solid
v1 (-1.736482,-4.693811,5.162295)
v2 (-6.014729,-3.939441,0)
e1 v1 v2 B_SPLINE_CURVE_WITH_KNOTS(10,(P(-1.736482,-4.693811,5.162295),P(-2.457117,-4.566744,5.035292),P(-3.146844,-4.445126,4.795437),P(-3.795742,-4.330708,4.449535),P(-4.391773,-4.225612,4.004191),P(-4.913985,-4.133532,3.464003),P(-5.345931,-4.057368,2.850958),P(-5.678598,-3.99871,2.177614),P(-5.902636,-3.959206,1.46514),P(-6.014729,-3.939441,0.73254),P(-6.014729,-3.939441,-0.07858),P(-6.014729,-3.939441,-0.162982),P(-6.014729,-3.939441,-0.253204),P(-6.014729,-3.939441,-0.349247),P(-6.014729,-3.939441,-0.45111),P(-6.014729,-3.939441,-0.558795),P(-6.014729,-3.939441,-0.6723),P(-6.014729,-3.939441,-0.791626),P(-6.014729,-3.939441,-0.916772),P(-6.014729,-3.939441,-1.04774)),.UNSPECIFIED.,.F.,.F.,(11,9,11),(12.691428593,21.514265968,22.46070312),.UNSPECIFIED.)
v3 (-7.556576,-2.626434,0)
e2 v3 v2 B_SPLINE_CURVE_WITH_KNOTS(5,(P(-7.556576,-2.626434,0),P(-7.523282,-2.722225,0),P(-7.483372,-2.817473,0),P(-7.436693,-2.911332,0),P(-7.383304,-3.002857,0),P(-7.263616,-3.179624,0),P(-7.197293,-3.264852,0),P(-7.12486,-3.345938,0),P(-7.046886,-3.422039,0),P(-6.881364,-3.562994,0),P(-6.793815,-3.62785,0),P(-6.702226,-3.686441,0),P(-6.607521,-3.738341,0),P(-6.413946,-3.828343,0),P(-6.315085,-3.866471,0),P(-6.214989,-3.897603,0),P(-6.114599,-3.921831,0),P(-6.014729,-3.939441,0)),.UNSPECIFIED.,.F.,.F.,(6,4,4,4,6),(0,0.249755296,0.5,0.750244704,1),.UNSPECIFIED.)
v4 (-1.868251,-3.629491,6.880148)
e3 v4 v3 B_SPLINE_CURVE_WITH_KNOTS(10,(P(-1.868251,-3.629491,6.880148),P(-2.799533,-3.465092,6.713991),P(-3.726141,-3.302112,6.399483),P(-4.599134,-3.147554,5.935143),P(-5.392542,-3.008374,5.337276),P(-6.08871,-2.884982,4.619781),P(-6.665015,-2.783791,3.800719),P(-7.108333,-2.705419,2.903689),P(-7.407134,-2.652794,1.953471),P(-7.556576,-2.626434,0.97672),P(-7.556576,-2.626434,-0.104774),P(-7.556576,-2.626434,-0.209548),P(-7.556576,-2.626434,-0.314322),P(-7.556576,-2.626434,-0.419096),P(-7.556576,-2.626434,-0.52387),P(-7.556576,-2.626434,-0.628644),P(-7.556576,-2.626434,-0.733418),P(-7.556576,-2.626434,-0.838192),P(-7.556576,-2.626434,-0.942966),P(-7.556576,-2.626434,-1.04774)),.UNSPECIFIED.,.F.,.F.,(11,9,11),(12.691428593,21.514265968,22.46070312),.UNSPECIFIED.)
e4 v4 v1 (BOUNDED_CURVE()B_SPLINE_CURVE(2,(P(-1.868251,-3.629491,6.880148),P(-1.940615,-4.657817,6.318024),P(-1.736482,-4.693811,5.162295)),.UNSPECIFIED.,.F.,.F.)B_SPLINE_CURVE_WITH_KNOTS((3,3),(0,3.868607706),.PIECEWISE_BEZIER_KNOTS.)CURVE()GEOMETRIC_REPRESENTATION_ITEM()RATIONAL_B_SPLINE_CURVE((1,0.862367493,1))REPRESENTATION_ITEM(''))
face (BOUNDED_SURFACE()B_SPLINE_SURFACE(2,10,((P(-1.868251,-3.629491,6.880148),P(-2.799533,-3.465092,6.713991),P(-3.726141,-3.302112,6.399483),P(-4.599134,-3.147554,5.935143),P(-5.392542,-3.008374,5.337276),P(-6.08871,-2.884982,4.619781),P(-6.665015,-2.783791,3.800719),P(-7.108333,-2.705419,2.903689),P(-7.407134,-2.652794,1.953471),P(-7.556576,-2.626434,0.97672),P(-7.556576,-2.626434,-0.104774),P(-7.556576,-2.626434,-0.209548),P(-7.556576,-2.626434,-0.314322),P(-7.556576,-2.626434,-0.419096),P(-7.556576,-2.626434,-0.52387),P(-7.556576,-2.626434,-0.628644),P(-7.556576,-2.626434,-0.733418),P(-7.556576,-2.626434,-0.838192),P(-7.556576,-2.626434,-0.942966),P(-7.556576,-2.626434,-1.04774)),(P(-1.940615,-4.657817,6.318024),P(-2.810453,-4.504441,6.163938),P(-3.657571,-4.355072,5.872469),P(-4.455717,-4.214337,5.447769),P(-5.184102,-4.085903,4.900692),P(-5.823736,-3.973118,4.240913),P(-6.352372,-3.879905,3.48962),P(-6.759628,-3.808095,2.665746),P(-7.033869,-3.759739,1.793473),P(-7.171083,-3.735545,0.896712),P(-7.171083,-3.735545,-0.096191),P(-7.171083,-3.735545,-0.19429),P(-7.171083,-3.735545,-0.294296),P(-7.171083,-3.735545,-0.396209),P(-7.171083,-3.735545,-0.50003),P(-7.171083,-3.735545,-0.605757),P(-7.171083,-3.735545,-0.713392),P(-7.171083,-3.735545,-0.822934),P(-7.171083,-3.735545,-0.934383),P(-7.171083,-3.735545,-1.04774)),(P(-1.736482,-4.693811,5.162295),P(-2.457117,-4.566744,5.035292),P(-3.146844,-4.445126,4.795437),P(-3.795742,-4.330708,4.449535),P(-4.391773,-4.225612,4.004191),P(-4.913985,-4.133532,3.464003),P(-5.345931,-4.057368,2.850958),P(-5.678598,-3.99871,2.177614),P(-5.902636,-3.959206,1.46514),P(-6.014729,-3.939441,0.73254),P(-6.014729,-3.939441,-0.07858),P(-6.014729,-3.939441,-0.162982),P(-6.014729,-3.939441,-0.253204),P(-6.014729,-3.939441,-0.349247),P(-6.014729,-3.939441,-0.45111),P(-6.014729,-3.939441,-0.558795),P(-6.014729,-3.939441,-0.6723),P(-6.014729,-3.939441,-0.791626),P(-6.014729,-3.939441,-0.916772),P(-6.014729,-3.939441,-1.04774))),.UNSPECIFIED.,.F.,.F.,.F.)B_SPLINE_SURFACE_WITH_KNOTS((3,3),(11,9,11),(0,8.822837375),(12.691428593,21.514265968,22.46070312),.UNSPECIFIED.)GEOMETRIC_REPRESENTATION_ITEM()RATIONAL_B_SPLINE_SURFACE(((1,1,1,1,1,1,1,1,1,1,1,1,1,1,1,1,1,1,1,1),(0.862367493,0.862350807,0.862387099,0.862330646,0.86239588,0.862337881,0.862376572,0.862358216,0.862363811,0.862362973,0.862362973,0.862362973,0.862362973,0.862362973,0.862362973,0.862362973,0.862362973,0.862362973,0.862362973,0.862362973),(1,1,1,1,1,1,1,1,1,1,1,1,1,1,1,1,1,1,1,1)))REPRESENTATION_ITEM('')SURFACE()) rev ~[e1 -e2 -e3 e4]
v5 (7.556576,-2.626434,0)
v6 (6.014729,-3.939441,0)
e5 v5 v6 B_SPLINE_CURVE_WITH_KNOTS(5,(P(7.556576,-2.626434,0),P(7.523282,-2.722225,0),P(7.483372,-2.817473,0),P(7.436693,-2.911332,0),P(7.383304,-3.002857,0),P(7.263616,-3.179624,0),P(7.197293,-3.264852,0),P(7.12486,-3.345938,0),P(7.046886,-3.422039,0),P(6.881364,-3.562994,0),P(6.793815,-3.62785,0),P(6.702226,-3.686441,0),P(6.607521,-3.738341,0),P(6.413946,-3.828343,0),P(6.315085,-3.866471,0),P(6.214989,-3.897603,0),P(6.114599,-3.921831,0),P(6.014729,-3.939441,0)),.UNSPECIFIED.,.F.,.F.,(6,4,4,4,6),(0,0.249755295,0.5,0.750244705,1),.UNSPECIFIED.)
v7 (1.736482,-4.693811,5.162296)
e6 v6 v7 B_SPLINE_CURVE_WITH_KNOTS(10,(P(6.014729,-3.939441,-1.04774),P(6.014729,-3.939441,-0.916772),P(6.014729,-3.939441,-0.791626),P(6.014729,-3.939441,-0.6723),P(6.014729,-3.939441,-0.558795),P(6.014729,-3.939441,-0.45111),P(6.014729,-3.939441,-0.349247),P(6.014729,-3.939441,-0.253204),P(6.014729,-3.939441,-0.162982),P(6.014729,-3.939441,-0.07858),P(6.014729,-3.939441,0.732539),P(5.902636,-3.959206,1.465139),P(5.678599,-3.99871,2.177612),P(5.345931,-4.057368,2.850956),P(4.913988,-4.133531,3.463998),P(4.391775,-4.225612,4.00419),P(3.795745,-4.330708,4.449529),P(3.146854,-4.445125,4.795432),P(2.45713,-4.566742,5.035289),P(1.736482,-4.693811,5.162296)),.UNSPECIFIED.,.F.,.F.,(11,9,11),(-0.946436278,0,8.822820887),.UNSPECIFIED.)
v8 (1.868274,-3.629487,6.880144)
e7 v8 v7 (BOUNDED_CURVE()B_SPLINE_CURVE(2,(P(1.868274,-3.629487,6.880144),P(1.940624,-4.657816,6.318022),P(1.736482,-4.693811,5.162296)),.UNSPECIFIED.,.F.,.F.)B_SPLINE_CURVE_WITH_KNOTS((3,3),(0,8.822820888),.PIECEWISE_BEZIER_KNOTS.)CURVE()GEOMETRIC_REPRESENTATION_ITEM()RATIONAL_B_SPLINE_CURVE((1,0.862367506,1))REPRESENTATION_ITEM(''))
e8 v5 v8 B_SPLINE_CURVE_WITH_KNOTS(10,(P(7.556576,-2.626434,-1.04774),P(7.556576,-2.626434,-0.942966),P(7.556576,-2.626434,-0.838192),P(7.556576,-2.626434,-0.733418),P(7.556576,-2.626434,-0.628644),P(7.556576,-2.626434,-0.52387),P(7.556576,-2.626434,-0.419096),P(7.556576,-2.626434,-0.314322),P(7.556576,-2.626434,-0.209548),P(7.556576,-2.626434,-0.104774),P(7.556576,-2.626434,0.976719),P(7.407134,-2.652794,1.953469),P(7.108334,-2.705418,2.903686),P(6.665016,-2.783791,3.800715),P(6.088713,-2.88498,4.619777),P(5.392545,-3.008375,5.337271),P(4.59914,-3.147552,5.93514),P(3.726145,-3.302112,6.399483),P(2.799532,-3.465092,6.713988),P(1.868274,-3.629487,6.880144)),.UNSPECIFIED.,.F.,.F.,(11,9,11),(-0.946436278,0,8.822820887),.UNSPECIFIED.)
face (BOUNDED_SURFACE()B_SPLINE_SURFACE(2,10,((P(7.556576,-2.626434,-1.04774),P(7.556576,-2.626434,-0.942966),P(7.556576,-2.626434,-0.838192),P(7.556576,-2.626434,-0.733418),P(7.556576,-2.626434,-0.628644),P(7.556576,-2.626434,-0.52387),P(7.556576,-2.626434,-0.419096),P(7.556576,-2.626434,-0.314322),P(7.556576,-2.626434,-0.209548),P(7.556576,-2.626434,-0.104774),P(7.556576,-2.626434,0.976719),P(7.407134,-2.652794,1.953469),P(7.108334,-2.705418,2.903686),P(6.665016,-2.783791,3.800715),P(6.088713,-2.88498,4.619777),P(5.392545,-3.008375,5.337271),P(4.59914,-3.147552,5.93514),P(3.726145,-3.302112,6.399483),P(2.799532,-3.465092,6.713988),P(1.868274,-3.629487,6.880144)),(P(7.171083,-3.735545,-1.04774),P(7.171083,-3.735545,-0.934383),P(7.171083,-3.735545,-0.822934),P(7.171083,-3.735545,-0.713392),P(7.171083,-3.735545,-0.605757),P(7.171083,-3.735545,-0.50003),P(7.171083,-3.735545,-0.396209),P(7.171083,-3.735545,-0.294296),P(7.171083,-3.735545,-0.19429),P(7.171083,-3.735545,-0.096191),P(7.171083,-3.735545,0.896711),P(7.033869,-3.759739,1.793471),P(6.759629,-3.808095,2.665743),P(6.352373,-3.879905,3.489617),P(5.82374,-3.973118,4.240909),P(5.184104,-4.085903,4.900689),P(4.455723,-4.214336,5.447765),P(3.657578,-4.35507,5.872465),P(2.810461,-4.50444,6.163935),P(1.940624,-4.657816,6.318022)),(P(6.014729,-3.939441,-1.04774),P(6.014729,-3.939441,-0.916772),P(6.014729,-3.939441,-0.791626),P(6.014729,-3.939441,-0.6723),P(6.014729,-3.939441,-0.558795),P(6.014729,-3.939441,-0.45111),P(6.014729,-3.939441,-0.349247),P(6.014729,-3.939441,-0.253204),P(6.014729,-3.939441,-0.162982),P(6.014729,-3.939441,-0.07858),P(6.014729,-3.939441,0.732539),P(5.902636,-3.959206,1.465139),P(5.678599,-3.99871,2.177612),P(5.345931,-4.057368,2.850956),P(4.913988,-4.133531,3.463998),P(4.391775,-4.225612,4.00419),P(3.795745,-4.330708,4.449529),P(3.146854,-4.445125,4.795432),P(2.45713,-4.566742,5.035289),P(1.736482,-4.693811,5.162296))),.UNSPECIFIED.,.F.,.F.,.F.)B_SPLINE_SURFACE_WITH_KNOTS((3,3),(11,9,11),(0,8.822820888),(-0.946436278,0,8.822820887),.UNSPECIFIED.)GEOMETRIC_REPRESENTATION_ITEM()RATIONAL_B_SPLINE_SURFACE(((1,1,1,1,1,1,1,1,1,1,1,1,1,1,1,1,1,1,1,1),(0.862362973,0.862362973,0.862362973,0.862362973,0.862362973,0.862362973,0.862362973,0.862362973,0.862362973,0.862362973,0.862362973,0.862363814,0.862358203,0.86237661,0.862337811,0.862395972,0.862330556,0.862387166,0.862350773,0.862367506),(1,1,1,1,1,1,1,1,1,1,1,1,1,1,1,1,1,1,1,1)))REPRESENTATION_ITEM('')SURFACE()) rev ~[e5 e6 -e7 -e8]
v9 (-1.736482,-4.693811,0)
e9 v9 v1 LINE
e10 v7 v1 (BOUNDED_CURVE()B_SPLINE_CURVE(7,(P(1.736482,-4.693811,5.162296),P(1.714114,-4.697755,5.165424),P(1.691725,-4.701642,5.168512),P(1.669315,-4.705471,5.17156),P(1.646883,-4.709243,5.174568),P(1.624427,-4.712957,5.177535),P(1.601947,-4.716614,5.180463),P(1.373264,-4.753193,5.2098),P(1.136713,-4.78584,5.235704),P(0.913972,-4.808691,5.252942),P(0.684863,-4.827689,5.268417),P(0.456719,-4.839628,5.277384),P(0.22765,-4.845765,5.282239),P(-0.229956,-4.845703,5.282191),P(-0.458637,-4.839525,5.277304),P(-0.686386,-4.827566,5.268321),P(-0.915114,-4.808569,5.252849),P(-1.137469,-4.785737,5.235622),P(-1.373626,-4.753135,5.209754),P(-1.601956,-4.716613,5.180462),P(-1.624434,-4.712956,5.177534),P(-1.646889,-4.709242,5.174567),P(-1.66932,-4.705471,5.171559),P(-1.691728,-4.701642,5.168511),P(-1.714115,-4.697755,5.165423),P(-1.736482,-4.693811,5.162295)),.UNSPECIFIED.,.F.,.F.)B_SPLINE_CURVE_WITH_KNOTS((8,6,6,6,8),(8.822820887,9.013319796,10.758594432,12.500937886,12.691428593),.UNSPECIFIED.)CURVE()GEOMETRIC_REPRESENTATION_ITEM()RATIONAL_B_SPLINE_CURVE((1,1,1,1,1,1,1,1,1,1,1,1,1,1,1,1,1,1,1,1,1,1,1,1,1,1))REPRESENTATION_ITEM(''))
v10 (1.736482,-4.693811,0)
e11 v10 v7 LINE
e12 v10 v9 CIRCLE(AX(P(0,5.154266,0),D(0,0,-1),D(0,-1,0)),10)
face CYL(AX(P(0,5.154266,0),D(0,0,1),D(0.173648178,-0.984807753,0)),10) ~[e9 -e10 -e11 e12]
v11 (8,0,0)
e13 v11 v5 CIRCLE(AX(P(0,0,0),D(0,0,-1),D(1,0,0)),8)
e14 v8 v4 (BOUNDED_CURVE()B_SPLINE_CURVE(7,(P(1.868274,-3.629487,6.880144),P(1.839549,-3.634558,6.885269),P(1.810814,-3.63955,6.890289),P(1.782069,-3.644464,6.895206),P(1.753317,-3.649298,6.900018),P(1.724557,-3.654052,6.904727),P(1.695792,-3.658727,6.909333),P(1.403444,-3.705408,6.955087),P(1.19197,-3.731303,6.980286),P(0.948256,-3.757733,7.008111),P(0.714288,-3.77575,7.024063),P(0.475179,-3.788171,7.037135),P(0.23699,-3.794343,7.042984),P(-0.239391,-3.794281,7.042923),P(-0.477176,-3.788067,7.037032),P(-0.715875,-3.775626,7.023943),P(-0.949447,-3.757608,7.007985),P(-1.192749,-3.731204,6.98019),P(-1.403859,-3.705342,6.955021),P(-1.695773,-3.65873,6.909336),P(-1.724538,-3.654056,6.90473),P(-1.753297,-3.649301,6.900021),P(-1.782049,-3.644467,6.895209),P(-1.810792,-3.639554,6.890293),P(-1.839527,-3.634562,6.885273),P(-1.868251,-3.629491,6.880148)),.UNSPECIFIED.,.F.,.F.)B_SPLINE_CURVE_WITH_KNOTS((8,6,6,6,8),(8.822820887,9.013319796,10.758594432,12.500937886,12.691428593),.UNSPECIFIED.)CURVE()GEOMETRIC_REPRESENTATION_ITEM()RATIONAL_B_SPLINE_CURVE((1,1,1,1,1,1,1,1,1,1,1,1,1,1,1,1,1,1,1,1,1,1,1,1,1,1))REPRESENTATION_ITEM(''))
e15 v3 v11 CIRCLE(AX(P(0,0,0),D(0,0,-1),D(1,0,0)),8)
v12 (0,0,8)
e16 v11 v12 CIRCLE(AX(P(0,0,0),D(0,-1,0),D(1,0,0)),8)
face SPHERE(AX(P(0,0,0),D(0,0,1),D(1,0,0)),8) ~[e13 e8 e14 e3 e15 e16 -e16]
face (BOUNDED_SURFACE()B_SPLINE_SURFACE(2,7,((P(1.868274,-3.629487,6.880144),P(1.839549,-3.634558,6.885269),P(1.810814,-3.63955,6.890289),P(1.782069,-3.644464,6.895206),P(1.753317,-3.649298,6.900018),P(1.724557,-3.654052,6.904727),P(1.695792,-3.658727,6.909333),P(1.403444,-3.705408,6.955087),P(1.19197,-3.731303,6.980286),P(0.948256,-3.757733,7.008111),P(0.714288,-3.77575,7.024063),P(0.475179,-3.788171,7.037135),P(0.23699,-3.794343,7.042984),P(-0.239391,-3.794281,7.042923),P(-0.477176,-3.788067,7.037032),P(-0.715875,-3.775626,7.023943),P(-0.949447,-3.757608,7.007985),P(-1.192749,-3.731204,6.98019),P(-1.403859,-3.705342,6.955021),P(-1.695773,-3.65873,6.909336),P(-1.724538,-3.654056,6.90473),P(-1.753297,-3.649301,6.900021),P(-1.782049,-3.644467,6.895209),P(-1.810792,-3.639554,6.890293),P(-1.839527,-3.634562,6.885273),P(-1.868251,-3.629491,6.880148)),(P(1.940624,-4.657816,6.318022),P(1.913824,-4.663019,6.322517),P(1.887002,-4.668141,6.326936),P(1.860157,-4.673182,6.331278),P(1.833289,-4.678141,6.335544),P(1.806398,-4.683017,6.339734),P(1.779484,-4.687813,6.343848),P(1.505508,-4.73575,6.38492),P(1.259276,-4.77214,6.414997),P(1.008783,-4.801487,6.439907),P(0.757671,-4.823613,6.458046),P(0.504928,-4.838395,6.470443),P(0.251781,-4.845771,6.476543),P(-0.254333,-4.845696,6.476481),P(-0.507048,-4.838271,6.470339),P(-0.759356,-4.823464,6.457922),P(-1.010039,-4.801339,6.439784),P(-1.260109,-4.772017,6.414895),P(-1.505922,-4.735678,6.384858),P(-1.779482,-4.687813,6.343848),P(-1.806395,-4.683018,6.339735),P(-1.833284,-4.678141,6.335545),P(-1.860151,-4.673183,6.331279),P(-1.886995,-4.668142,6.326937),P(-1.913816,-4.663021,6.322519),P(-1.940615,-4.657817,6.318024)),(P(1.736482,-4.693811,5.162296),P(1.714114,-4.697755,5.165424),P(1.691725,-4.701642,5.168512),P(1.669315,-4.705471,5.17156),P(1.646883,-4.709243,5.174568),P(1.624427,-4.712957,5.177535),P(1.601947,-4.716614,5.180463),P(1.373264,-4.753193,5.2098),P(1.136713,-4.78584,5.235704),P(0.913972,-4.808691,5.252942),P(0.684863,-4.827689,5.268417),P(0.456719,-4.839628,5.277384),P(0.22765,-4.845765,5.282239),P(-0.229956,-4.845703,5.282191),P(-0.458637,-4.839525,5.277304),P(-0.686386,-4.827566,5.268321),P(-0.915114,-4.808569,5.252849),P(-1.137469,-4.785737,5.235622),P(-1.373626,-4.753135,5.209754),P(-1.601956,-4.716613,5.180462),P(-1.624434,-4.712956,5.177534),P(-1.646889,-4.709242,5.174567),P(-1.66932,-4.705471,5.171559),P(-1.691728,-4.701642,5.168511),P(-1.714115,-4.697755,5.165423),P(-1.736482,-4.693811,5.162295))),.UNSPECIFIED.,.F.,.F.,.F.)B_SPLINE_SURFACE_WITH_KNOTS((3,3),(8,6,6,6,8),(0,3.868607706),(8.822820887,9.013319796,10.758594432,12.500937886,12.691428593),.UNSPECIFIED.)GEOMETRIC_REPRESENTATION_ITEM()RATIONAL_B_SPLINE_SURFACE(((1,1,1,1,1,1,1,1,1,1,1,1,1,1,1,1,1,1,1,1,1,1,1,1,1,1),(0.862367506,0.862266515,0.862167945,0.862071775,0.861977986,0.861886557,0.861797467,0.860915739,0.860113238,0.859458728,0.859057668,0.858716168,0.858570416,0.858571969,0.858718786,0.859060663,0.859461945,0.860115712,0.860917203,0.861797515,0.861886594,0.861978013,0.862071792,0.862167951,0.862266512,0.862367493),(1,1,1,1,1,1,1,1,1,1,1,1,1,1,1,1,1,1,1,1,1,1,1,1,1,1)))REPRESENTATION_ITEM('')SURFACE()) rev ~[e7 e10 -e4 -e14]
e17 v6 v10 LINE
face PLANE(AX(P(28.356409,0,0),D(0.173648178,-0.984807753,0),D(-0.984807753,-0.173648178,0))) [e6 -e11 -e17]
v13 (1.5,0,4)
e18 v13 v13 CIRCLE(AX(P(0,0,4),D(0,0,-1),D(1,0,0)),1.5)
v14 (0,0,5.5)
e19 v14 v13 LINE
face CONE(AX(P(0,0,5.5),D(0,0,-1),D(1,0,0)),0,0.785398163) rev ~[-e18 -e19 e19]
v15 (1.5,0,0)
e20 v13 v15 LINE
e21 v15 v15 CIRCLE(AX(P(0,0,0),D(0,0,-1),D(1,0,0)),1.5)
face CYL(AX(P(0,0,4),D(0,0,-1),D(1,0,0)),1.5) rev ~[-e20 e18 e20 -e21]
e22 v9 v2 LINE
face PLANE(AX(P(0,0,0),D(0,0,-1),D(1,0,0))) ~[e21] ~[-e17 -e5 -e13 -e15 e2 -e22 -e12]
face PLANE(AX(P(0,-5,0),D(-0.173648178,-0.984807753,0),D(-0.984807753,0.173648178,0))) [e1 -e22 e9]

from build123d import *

# Parameters (mm, degrees)
F3_DEPTH = 25
F4_R     = 10
F5_R     = 2


with BuildPart() as f1:
    # F0 (on Front) → F1 (revolve)
    with BuildSketch(Plane.XZ):
        with BuildLine():
            Line((0, 5.5), (1.5, 4))
            Line((1.5, 4), (1.5, 0))
            Line((1.5, 0), (8, 0))
            ThreePointArc((8, 0), (5.6568542495, 5.6568542495), (0, 8))
            Line((0, 8), (0, 5.5))
        make_face()
    revolve(axis=Axis((0, 0, 2.75), (0, 0, -1)))

    # F2 (on Top) → F3 (cut)
    with BuildSketch(Plane.XY):
        Polygon((28.3564090981, 0), (0, -5), (-28.3564090981, 0), (-28.3564090981, -16.375022141), (0, -16.375022141), (28.3564090981, -16.375022141), align=None)
    extrude(amount=F3_DEPTH, mode=Mode.SUBTRACT)

    # F4
    f4_edges = [f1.edges().sort_by_distance(p)[0] for p in [
        (0, -5, 3.122499),
    ]]
    fillet(f4_edges, radius=F4_R)

    # F5
    f5_edges = [f1.edges().sort_by_distance(p)[0] for p in [
        (-5.546967, -4.02192, 4.129808),
    ]]
    fillet(f5_edges, radius=F5_R)


solid = f1.part
